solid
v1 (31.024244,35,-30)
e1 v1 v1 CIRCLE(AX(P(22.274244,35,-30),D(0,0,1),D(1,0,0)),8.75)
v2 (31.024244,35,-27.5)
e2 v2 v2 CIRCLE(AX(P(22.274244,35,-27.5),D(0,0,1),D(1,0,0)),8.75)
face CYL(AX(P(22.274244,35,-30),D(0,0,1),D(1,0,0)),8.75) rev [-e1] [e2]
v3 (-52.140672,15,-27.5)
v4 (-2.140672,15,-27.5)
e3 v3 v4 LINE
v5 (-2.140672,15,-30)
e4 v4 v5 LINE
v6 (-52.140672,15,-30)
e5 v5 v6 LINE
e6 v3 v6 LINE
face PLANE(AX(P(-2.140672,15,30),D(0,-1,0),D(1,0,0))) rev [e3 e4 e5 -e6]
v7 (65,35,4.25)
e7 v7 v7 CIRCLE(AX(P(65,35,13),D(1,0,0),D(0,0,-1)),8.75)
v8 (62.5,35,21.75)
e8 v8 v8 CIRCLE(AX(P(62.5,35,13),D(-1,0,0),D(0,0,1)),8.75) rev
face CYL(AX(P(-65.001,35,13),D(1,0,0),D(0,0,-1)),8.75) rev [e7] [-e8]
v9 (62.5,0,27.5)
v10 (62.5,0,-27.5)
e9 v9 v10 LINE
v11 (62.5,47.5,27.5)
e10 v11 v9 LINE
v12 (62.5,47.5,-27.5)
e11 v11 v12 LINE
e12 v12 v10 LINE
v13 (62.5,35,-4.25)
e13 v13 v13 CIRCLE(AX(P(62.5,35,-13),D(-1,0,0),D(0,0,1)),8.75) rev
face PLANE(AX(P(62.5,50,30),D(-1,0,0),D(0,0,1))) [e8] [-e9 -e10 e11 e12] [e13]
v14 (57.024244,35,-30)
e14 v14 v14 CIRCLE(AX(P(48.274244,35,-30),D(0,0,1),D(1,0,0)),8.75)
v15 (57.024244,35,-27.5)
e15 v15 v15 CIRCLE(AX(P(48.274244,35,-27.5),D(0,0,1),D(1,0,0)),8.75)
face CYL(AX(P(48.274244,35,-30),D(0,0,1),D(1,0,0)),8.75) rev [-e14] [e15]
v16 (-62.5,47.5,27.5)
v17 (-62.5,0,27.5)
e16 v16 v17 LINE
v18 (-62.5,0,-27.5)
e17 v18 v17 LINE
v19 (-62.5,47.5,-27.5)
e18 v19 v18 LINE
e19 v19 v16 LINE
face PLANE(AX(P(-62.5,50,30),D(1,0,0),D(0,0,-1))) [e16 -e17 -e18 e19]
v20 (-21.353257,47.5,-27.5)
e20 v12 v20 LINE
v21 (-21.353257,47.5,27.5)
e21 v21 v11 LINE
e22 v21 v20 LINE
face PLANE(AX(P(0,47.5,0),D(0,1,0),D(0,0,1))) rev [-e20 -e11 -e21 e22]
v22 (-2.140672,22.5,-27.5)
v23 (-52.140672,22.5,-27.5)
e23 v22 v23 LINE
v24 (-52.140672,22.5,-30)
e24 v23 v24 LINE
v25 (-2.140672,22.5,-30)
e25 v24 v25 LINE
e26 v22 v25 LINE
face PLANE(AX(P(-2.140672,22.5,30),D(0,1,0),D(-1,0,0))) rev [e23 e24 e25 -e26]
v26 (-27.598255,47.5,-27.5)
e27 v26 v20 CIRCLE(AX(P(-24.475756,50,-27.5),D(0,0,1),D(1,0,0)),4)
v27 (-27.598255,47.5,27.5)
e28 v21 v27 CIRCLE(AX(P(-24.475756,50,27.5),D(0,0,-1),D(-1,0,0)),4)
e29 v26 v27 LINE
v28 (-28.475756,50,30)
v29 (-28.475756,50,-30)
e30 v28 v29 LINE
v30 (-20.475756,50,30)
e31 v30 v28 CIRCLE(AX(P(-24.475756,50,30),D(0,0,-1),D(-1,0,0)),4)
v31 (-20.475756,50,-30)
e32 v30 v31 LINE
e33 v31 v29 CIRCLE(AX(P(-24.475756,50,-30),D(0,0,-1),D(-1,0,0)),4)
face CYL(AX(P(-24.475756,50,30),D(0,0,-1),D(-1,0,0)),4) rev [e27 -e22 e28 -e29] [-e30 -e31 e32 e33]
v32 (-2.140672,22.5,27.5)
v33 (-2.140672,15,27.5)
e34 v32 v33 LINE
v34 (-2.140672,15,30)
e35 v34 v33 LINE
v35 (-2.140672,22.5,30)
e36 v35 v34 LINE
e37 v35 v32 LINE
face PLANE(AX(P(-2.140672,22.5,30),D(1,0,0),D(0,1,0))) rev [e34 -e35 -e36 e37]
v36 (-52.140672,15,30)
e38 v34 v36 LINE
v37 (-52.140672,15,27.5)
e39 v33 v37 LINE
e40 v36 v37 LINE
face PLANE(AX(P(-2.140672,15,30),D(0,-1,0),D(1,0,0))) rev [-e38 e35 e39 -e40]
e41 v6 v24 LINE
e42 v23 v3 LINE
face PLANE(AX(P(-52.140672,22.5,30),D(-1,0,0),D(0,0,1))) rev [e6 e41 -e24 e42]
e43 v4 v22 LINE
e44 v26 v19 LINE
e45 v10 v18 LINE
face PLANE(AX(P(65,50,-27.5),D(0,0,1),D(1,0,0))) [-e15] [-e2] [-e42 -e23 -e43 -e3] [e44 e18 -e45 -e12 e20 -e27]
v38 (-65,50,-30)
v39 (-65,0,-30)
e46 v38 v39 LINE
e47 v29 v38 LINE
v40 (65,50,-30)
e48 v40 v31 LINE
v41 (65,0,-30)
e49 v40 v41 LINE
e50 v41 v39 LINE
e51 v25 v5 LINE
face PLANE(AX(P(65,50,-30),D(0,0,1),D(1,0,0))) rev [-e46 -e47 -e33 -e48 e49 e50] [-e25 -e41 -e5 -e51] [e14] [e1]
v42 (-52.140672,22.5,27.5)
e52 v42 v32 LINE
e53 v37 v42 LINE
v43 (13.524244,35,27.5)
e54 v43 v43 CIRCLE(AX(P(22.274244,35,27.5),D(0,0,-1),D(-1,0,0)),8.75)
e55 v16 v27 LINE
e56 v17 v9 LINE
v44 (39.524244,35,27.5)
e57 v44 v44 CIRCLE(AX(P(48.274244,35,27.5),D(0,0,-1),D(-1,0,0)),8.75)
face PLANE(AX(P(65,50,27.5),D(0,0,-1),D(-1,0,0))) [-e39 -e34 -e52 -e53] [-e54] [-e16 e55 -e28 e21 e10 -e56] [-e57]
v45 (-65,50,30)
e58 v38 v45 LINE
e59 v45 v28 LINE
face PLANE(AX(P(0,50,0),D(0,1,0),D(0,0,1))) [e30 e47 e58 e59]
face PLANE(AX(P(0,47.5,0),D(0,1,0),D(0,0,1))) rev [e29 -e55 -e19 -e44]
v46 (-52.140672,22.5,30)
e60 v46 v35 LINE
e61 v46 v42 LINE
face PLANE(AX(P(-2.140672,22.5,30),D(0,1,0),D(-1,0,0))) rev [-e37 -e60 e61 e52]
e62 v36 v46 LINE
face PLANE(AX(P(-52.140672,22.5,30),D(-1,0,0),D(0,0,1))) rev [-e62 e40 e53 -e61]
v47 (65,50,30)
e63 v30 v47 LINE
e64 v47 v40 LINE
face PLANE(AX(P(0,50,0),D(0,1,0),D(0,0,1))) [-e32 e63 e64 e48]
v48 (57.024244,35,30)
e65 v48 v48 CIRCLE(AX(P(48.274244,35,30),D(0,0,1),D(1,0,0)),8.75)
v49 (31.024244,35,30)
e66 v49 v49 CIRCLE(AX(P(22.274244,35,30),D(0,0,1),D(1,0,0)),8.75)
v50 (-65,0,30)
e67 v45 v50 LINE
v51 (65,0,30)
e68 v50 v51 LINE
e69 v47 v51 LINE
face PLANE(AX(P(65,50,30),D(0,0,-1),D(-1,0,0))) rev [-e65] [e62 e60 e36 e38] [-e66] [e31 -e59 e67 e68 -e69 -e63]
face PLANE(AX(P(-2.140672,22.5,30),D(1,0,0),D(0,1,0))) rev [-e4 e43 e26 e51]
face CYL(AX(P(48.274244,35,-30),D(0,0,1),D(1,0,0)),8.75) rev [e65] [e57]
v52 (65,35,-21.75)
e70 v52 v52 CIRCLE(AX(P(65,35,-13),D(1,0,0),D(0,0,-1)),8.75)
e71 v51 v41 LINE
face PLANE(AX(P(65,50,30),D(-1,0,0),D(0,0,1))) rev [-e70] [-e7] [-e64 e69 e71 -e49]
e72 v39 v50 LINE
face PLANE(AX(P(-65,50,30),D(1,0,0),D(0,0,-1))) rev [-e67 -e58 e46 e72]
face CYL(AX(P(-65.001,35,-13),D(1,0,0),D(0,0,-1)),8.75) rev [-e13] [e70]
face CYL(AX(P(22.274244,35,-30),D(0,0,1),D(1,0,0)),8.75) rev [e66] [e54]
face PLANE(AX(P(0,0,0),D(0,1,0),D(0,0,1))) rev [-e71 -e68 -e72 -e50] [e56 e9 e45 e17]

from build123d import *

# Parameters (mm, degrees)
SKETCH1_W           = 130
SKETCH1_H           = 60
BOSS_EXTRUDE2_DEPTH = 50
SHELL1_T            = -2.5
CUT_EXTRUDE1_REACH  = 132
SKETCH2_R           = 8.75
SKETCH3_R           = 8.75
CUT_EXTRUDE2_DEPTH  = 61
SKETCH4_W           = 50
SKETCH4_H           = 7.5
CUT_EXTRUDE3_DEPTH  = 61
CUT_EXTRUDE4_DEPTH  = 61


with BuildPart() as part:
    # Sketch1 → Boss-Extrude2 (new body)
    with BuildSketch(Plane(origin=(0, 0, 0), x_dir=(1, 0, 0), z_dir=(0, 1, 0))):
        Rectangle(SKETCH1_W, SKETCH1_H)
    extrude(amount=BOSS_EXTRUDE2_DEPTH)

    # Shell1
    shell1_openings = [part.faces().sort_by_distance(p)[0] for p in [
        (0, 0, 0),
    ]]
    offset(amount=SHELL1_T, openings=shell1_openings, kind=Kind.INTERSECTION)

    # Sketch2 → Cut-Extrude1 (cut, up to next)
    with BuildSketch(Plane(origin=(65, 0, 0), x_dir=(0, 0, -1), z_dir=(1, 0, 0)), mode=Mode.PRIVATE) as cut_extrude1_sk1:
        with Locations((-13, 35)):
            Circle(SKETCH2_R)
    cut_extrude1_tool1 = extrude(cut_extrude1_sk1.sketch, amount=-CUT_EXTRUDE1_REACH, mode=Mode.PRIVATE) & part.part
    add(cut_extrude1_tool1.solids().sort_by_distance((65, 35, 13))[0], mode=Mode.SUBTRACT)
    # Sketch2 → Cut-Extrude1 (cut, up to next)
    with BuildSketch(Plane(origin=(65, 0, 0), x_dir=(0, 0, -1), z_dir=(1, 0, 0)), mode=Mode.PRIVATE) as cut_extrude1_sk2:
        with BuildLine():
            ThreePointArc((21.75, 35), (13, 43.75), (4.25, 35))
            ThreePointArc((4.25, 35), (13, 26.25), (21.75, 35))
        make_face()
    cut_extrude1_tool2 = extrude(cut_extrude1_sk2.sketch, amount=-CUT_EXTRUDE1_REACH, mode=Mode.PRIVATE) & part.part
    add(cut_extrude1_tool2.solids().sort_by_distance((65, 35, -13))[0], mode=Mode.SUBTRACT)

    # Sketch3 → Cut-Extrude2 (cut, through all)
    with BuildSketch(Plane.XY.offset(30)):
        with Locations((22.274243645, 35)):
            Circle(SKETCH3_R)
        with Locations((48.274243645, 35)):
            Circle(SKETCH3_R)
    extrude(amount=-CUT_EXTRUDE2_DEPTH, mode=Mode.SUBTRACT)

    # Sketch4 → Cut-Extrude3 (cut, through all)
    with BuildSketch(Plane(origin=(0, 0, -30), x_dir=(-1, 0, 0), z_dir=(0, 0, -1))):
        with Locations((27.140672083, 18.75)):
            Rectangle(SKETCH4_W, SKETCH4_H)
    extrude(amount=-CUT_EXTRUDE3_DEPTH, mode=Mode.SUBTRACT)

    # Sketch5 → Cut-Extrude4 (cut, through all)
    with BuildSketch(Plane(origin=(0, 0, -30), x_dir=(-1, 0, 0), z_dir=(0, 0, -1))):
        with BuildLine():
            Line((20.475756355, 50), (28.475756355, 50))
            ThreePointArc((28.475756355, 50), (24.475756355, 46), (20.475756355, 50))
        make_face()
    extrude(amount=-CUT_EXTRUDE4_DEPTH, mode=Mode.SUBTRACT)


solid = part.part
